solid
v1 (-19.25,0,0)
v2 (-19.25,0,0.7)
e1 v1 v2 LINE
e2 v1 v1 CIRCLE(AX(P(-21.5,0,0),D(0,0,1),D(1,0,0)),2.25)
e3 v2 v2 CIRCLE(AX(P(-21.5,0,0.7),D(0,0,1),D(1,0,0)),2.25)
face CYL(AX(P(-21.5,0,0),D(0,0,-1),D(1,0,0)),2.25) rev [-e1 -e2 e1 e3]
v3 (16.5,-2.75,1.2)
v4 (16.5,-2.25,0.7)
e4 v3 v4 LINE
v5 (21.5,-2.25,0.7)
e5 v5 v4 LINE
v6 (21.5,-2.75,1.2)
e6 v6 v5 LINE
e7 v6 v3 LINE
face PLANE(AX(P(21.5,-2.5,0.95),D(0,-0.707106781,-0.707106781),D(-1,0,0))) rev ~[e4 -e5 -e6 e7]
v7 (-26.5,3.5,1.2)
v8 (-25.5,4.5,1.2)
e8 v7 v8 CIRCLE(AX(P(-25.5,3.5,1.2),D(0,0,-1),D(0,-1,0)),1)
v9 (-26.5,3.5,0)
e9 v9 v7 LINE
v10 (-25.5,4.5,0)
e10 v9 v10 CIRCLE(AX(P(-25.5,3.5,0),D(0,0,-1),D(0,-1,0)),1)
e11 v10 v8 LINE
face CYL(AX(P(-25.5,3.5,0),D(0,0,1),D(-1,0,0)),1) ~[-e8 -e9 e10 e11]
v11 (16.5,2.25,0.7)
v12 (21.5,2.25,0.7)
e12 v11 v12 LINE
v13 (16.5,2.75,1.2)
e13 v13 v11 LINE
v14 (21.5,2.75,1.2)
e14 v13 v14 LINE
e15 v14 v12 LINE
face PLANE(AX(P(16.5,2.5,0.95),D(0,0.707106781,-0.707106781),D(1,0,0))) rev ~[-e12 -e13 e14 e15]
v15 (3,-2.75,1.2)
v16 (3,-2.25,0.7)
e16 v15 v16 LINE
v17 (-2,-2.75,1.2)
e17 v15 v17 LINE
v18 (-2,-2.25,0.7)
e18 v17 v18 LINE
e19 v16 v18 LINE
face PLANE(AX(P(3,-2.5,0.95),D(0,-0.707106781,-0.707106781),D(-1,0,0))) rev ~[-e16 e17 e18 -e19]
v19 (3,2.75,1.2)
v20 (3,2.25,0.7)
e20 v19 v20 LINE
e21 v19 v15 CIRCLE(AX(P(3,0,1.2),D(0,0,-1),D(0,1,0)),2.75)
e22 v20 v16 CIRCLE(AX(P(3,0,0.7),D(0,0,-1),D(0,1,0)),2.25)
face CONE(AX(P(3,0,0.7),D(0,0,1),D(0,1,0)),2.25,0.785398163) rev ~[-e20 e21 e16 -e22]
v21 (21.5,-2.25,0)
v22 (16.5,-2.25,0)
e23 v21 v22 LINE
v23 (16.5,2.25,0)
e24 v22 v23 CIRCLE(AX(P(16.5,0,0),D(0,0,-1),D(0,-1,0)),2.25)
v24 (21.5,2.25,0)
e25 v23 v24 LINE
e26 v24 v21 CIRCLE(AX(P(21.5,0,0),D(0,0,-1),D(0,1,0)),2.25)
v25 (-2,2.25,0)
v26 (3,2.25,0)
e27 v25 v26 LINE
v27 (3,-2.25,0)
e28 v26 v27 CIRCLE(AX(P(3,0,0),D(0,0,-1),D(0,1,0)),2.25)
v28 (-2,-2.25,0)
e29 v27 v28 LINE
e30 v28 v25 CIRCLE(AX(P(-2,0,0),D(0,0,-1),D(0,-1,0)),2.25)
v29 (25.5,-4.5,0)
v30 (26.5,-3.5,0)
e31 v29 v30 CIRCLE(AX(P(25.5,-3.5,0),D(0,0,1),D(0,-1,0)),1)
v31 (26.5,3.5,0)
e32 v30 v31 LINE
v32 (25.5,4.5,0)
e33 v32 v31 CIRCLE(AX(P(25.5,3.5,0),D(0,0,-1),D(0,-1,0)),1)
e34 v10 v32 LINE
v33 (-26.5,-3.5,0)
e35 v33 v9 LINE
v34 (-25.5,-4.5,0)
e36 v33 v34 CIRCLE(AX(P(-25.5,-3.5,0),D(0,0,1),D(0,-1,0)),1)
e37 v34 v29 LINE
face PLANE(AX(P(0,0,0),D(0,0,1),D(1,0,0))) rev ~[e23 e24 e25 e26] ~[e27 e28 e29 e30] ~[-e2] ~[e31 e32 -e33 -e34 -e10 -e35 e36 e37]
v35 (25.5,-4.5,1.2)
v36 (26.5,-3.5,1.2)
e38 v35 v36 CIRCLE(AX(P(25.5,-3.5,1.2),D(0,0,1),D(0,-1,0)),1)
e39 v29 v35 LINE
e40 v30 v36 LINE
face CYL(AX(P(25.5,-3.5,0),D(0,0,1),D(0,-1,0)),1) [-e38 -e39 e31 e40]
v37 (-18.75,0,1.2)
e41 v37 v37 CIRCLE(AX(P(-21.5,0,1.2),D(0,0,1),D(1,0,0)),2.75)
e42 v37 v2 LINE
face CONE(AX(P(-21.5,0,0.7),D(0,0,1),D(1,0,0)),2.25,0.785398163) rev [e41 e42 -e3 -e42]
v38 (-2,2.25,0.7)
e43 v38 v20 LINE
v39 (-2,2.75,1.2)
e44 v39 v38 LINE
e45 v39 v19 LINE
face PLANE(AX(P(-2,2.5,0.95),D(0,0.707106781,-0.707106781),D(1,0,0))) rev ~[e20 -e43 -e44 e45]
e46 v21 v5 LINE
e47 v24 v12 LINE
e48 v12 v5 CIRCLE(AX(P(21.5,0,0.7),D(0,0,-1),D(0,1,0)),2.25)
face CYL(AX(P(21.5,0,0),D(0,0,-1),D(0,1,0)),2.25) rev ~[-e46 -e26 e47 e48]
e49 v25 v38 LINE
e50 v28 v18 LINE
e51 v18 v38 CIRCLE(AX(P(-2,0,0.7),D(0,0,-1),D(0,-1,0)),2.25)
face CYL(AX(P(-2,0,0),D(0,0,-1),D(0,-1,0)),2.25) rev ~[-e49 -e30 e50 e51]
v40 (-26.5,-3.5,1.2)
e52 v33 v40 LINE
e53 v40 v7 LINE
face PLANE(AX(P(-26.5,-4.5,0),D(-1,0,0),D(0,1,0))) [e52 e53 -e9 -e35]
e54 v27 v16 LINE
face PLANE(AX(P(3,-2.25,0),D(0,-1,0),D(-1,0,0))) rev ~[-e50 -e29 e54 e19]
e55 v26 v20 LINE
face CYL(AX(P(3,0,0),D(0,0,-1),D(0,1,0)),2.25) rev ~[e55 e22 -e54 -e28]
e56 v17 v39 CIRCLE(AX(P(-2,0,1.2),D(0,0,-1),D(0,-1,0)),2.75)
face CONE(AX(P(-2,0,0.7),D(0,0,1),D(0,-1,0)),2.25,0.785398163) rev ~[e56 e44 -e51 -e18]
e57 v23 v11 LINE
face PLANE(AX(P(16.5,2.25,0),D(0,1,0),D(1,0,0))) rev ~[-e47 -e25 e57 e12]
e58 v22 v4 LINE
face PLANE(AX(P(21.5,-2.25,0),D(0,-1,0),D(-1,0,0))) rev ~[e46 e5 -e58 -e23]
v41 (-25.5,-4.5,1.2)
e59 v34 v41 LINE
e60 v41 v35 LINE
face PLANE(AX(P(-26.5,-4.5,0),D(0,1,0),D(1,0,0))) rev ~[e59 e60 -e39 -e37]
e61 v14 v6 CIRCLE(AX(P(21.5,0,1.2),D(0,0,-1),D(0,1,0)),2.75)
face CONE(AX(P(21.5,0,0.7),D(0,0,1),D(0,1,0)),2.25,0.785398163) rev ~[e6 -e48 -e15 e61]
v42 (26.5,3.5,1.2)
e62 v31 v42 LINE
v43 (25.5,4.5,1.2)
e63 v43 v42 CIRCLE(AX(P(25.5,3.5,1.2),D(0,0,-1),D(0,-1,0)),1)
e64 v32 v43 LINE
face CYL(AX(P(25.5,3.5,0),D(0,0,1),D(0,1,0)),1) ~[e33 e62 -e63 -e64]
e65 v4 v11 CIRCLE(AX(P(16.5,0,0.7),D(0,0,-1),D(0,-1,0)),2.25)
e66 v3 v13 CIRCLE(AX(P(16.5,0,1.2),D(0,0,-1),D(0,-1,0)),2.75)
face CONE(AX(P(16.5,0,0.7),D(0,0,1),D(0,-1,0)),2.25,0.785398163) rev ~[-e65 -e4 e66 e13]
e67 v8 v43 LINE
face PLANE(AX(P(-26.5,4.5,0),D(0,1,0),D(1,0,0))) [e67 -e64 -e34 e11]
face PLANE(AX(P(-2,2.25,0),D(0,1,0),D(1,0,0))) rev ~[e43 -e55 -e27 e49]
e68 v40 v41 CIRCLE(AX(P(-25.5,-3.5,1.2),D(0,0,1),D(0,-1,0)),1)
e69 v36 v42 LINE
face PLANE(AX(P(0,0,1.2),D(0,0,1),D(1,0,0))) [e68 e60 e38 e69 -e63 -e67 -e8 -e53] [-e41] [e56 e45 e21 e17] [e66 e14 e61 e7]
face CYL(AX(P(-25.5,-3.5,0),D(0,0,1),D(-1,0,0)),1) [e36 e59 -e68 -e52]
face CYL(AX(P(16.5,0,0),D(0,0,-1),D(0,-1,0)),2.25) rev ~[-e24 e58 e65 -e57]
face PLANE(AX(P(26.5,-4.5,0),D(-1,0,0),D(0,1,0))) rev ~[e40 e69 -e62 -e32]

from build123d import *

# Parameters (mm, degrees)
F0_W     = 53
F0_H     = 9
F0_R     = 2.25
F1_DEPTH = 1.2
F2_R     = 1
F3_SIZE  = 0.5


with BuildPart() as f1:
    # F0 (on Top) → F1 (new body)
    with BuildSketch(Plane.XY):
        Rectangle(F0_W, F0_H)
        with Locations((-21.5, 0)):
            Circle(F0_R, mode=Mode.SUBTRACT)
        with BuildLine():
            Line((3, -2.25), (-2, -2.25))
            ThreePointArc((-2, -2.25), (-4.25, 0), (-2, 2.25))
            Line((-2, 2.25), (3, 2.25))
            ThreePointArc((3, 2.25), (5.25, 0), (3, -2.25))
        make_face(mode=Mode.SUBTRACT)
        with BuildLine():
            Line((21.5, -2.25), (16.5, -2.25))
            ThreePointArc((16.5, -2.25), (14.25, 0), (16.5, 2.25))
            Line((16.5, 2.25), (21.5, 2.25))
            ThreePointArc((21.5, 2.25), (23.75, 0), (21.5, -2.25))
        make_face(mode=Mode.SUBTRACT)
    extrude(amount=F1_DEPTH)

    # F2
    f2_edges = [f1.edges().sort_by_distance(p)[0] for p in [
        (-26.5, -4.5, 0.6),
        (-26.5, 4.5, 0.6),
        (26.5, -4.5, 0.6),
        (26.5, 4.5, 0.6),
    ]]
    fillet(f2_edges, radius=F2_R)

    # F3
    f3_edges = [f1.edges().sort_by_distance(p)[0] for p in [
        (-23.75, 0, 1.2),
        (-4.25, 0, 1.2),
        (14.25, 0, 1.2),
    ]]
    chamfer(f3_edges, length=F3_SIZE)


solid = f1.part
